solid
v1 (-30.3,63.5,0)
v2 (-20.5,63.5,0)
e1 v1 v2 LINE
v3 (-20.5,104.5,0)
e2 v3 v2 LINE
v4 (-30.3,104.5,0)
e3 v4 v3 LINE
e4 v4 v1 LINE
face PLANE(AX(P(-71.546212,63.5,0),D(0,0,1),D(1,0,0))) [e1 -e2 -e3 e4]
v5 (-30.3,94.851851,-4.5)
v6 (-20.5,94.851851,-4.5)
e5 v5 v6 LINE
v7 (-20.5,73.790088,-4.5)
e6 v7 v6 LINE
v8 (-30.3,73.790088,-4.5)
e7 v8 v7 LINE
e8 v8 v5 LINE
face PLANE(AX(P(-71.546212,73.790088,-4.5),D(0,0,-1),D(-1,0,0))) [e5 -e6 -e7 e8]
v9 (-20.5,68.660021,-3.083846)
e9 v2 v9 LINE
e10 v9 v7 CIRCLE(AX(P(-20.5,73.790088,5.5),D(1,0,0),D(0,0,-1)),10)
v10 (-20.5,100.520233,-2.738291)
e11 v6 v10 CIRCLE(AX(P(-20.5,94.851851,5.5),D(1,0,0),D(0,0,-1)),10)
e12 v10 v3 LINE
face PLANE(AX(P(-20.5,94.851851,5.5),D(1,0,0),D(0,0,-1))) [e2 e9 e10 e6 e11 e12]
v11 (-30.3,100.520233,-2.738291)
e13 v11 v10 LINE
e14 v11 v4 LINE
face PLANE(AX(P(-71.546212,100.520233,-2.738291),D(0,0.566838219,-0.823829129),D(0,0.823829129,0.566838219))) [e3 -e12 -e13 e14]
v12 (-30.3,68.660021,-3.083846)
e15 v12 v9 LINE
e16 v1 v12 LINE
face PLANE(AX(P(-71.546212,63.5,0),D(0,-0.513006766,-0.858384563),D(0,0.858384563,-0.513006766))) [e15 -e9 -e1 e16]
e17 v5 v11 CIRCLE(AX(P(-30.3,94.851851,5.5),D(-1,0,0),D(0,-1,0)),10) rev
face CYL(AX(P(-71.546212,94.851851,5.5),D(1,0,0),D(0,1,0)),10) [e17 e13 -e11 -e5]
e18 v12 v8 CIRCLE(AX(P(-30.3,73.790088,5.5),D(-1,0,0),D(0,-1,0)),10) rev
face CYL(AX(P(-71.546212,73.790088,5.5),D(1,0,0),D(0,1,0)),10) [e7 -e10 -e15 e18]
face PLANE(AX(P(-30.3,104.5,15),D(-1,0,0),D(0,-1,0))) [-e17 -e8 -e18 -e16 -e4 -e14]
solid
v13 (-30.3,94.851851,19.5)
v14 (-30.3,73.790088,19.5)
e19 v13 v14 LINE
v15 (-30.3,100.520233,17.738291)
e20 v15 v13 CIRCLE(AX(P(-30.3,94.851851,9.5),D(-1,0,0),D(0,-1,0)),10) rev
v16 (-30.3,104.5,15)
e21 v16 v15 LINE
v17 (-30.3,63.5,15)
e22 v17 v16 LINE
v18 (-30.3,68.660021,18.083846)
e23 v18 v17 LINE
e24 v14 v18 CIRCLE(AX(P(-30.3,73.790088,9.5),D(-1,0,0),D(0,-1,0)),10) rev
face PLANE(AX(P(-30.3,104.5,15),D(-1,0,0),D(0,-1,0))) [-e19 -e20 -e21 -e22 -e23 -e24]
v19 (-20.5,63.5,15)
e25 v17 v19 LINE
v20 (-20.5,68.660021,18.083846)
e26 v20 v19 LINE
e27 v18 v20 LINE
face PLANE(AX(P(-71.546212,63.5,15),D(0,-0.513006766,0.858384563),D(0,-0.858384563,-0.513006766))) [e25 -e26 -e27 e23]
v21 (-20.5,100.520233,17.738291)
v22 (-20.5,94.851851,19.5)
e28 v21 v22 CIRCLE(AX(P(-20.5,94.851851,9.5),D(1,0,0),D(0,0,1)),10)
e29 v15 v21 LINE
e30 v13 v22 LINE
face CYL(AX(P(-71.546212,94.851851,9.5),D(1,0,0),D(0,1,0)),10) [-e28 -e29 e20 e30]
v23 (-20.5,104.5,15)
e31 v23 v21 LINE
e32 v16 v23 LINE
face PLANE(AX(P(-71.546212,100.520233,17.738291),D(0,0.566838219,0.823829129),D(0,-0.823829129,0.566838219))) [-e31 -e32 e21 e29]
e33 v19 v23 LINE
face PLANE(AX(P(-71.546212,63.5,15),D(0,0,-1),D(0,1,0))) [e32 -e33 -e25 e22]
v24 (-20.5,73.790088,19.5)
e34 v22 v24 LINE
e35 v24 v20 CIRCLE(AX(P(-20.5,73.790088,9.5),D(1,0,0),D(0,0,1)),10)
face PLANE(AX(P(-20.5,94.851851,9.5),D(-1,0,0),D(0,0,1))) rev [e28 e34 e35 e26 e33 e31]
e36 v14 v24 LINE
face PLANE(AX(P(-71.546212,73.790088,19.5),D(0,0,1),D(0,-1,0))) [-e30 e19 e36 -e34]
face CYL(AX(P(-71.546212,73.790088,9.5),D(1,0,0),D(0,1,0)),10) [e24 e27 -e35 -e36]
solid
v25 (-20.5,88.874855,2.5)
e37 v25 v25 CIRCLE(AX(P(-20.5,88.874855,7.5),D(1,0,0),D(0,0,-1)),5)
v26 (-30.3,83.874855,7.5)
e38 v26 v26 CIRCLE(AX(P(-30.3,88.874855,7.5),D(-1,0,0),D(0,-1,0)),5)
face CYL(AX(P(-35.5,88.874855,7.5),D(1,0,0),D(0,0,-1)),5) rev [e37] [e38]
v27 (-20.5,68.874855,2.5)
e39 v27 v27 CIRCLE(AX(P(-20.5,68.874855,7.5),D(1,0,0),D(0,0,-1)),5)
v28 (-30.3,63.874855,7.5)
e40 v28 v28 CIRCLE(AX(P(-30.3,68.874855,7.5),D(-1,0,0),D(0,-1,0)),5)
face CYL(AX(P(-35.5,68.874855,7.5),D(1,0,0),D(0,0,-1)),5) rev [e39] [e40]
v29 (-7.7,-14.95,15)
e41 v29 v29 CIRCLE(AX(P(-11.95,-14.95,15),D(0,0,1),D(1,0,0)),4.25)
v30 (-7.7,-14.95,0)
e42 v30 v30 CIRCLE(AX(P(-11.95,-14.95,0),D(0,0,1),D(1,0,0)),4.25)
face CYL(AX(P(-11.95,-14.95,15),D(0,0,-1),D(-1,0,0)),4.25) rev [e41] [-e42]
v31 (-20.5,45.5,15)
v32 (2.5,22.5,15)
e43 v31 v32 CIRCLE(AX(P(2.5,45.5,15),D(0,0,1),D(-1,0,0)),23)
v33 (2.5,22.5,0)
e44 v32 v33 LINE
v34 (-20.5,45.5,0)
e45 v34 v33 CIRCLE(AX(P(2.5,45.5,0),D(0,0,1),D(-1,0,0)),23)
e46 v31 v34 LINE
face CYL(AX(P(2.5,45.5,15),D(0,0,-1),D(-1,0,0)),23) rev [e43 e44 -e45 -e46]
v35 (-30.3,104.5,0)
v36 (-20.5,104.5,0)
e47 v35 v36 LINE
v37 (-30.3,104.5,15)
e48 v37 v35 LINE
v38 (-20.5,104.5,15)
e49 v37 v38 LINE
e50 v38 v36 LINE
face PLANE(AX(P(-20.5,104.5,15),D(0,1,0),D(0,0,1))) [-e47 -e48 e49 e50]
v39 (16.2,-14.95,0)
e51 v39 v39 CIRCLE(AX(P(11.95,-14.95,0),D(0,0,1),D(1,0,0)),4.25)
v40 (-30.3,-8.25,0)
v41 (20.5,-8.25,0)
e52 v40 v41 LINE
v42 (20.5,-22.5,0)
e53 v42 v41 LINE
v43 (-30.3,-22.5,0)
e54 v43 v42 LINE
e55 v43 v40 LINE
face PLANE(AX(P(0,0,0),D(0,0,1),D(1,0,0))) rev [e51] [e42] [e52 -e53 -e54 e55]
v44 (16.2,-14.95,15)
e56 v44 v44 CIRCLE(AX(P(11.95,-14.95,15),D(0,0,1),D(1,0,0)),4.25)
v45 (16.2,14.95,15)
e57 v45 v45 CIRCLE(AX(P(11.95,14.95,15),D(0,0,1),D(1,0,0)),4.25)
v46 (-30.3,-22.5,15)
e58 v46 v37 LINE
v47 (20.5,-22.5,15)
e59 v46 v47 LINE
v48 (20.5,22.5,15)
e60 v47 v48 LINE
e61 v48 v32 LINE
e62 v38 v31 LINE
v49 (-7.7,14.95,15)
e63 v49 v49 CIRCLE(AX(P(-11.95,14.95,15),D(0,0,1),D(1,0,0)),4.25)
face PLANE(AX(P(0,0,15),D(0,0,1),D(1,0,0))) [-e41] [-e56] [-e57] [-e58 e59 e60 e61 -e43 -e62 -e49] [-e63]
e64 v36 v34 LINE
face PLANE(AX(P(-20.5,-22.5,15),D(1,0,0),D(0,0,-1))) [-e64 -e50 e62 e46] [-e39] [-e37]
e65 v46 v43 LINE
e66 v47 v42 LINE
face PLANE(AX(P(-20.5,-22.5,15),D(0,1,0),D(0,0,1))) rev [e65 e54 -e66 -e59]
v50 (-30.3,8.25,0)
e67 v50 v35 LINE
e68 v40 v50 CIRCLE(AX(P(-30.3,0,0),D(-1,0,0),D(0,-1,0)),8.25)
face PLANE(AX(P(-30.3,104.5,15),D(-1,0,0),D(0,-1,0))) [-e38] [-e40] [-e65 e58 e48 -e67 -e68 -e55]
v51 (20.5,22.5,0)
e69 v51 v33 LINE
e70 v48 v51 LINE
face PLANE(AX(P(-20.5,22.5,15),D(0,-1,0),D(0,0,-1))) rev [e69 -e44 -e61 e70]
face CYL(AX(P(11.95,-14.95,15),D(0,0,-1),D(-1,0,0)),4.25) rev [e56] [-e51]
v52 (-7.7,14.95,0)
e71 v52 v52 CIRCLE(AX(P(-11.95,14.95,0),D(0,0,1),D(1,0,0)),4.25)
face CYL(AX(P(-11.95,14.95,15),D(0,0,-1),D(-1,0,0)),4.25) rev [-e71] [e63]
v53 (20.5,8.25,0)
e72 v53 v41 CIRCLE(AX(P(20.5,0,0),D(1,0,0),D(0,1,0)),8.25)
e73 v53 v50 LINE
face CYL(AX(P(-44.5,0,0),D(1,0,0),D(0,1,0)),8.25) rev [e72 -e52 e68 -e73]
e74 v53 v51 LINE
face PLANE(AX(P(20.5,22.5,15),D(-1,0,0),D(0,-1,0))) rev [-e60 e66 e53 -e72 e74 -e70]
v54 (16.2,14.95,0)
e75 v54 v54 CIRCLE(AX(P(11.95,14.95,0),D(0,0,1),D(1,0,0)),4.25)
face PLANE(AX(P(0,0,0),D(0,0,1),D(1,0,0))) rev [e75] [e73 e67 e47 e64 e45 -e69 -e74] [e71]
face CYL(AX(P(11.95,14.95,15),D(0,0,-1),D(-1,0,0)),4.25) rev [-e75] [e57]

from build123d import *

# Parameters (mm, degrees)
SKETCH4_W             = 41
SKETCH4_H             = 45
SKETCH4_R             = 4.25
BOSS_EXTRUDE1_DEPTH   = 15
SKETCH6_W             = 9.8
SKETCH6_H             = 127
BOSS_EXTRUDE2_DEPTH   = 15
SKETCH7_R             = 5
BOSS_EXTRUDE3_DEPTH   = 9.8
BOSS_EXTRUDE3_2_DEPTH = 9.8
BOSS_EXTRUDE3_3_DEPTH = 9.8
BOSS_EXTRUDE3_4_DEPTH = 9.8
SKETCH8_R             = 5
CUT_EXTRUDE2_DEPTH    = 15
SKETCH5_R             = 8.25
CUT_EXTRUDE1_DEPTH    = 65
BOSS_EXTRUDE4_DEPTH   = 15


with BuildPart() as part:
    # Sketch4 → Boss-Extrude1 (new body)
    with BuildSketch(Plane.XY):
        Rectangle(SKETCH4_W, SKETCH4_H)
        with Locations((-11.95, 14.95)):
            Circle(SKETCH4_R, mode=Mode.SUBTRACT)
        with Locations((11.95, 14.95)):
            Circle(SKETCH4_R, mode=Mode.SUBTRACT)
        with Locations((11.95, -14.95)):
            Circle(SKETCH4_R, mode=Mode.SUBTRACT)
        with Locations((-11.95, -14.95)):
            Circle(SKETCH4_R, mode=Mode.SUBTRACT)
    extrude(amount=BOSS_EXTRUDE1_DEPTH)

    # Sketch6 → Boss-Extrude2 (add)
    with BuildSketch(Plane(origin=(0, 0, 0), x_dir=(-1, 0, 0), z_dir=(0, 0, -1))):
        with Locations((25.4, 41)):
            Rectangle(SKETCH6_W, SKETCH6_H)
    extrude(amount=-BOSS_EXTRUDE2_DEPTH)


with BuildPart() as body_2:
    # Sketch7 → Boss-Extrude3 (new body)
    with BuildSketch(Plane(origin=(-20.5, 0, 0), x_dir=(0, 0, -1), z_dir=(1, 0, 0))):
        with Locations((-7.5, 88.874855401)):
            Circle(SKETCH7_R)
    extrude(amount=-BOSS_EXTRUDE3_DEPTH)


with BuildPart() as body_3:
    # Sketch7 → Boss-Extrude3 2 (new body)
    with BuildSketch(Plane(origin=(-20.5, 0, 0), x_dir=(0, 0, -1), z_dir=(1, 0, 0))):
        with Locations((-7.5, 68.874855401)):
            Circle(SKETCH7_R)
    extrude(amount=-BOSS_EXTRUDE3_2_DEPTH)


with BuildPart() as body_4:
    # Sketch7 → Boss-Extrude3 3 (new body)
    with BuildSketch(Plane(origin=(-20.5, 0, 0), x_dir=(0, 0, -1), z_dir=(1, 0, 0))):
        with BuildLine():
            Line((0, 63.5), (3.083845628, 68.660020599))
            ThreePointArc((3.083845628, 68.660020599), (4.139462026, 71.129116286), (4.5, 73.790088262))
            Line((4.5, 73.790088262), (4.5, 94.851850656))
            ThreePointArc((4.5, 94.851850656), (4.049421785, 97.819769719), (2.738291287, 100.520232848))
            Line((2.738291287, 100.520232848), (0, 104.5))
            Line((0, 104.5), (0, 63.5))
        make_face()
    extrude(amount=-BOSS_EXTRUDE3_3_DEPTH)


with BuildPart() as body_5:
    # Sketch7 → Boss-Extrude3 4 (new body)
    with BuildSketch(Plane(origin=(-20.5, 0, 0), x_dir=(0, 0, -1), z_dir=(1, 0, 0))):
        with BuildLine():
            Line((-15, 63.5), (-18.083845628, 68.660020599))
            ThreePointArc((-18.083845628, 68.660020599), (-19.139462026, 71.129116286), (-19.5, 73.790088262))
            Line((-19.5, 73.790088262), (-19.5, 94.851850656))
            ThreePointArc((-19.5, 94.851850656), (-19.049421785, 97.819769719), (-17.738291287, 100.520232848))
            Line((-17.738291287, 100.520232848), (-15, 104.5))
            Line((-15, 104.5), (-15, 63.5))
        make_face()
    extrude(amount=-BOSS_EXTRUDE3_4_DEPTH)


with BuildPart() as cut_extrude2_tool:
    # Sketch8 → Cut-Extrude2 (new body)
    with BuildSketch(Plane(origin=(-20.5, 0, 0), x_dir=(0, 0, -1), z_dir=(1, 0, 0))):
        with Locations((-7.5, 68.874855401)):
            Circle(SKETCH8_R)
        with Locations((-7.5, 88.874855401)):
            Circle(SKETCH8_R)
    extrude(amount=-CUT_EXTRUDE2_DEPTH)


with BuildPart() as part_1:
    add(part.part)

    # Cut-Extrude2: cut by cut_extrude2_tool
    add(cut_extrude2_tool.part, mode=Mode.SUBTRACT)

    # Sketch5 → Cut-Extrude1 (cut)
    with BuildSketch(Plane(origin=(20.5, 0, 0), x_dir=(0, 0, -1), z_dir=(1, 0, 0))):
        Circle(SKETCH5_R)
    extrude(amount=-CUT_EXTRUDE1_DEPTH, mode=Mode.SUBTRACT)

    # Sketch9 → Boss-Extrude4 (add)
    with BuildSketch(Plane(origin=(0, 0, 0), x_dir=(-1, 0, 0), z_dir=(0, 0, -1))):
        with BuildLine():
            Line((-2.5, 22.5), (20.5, 22.5))
            Line((20.5, 22.5), (20.5, 45.5))
            ThreePointArc((20.5, 45.5), (13.763455967, 29.236544033), (-2.5, 22.5))
        make_face()
    extrude(amount=-BOSS_EXTRUDE4_DEPTH)


with BuildPart() as body_2_1:
    add(body_2.part)

    # Cut-Extrude2: cut by cut_extrude2_tool
    add(cut_extrude2_tool.part, mode=Mode.SUBTRACT)


with BuildPart() as body_3_1:
    add(body_3.part)

    # Cut-Extrude2: cut by cut_extrude2_tool
    add(cut_extrude2_tool.part, mode=Mode.SUBTRACT)


solid = Compound([body_4.part, body_5.part, part_1.part])
